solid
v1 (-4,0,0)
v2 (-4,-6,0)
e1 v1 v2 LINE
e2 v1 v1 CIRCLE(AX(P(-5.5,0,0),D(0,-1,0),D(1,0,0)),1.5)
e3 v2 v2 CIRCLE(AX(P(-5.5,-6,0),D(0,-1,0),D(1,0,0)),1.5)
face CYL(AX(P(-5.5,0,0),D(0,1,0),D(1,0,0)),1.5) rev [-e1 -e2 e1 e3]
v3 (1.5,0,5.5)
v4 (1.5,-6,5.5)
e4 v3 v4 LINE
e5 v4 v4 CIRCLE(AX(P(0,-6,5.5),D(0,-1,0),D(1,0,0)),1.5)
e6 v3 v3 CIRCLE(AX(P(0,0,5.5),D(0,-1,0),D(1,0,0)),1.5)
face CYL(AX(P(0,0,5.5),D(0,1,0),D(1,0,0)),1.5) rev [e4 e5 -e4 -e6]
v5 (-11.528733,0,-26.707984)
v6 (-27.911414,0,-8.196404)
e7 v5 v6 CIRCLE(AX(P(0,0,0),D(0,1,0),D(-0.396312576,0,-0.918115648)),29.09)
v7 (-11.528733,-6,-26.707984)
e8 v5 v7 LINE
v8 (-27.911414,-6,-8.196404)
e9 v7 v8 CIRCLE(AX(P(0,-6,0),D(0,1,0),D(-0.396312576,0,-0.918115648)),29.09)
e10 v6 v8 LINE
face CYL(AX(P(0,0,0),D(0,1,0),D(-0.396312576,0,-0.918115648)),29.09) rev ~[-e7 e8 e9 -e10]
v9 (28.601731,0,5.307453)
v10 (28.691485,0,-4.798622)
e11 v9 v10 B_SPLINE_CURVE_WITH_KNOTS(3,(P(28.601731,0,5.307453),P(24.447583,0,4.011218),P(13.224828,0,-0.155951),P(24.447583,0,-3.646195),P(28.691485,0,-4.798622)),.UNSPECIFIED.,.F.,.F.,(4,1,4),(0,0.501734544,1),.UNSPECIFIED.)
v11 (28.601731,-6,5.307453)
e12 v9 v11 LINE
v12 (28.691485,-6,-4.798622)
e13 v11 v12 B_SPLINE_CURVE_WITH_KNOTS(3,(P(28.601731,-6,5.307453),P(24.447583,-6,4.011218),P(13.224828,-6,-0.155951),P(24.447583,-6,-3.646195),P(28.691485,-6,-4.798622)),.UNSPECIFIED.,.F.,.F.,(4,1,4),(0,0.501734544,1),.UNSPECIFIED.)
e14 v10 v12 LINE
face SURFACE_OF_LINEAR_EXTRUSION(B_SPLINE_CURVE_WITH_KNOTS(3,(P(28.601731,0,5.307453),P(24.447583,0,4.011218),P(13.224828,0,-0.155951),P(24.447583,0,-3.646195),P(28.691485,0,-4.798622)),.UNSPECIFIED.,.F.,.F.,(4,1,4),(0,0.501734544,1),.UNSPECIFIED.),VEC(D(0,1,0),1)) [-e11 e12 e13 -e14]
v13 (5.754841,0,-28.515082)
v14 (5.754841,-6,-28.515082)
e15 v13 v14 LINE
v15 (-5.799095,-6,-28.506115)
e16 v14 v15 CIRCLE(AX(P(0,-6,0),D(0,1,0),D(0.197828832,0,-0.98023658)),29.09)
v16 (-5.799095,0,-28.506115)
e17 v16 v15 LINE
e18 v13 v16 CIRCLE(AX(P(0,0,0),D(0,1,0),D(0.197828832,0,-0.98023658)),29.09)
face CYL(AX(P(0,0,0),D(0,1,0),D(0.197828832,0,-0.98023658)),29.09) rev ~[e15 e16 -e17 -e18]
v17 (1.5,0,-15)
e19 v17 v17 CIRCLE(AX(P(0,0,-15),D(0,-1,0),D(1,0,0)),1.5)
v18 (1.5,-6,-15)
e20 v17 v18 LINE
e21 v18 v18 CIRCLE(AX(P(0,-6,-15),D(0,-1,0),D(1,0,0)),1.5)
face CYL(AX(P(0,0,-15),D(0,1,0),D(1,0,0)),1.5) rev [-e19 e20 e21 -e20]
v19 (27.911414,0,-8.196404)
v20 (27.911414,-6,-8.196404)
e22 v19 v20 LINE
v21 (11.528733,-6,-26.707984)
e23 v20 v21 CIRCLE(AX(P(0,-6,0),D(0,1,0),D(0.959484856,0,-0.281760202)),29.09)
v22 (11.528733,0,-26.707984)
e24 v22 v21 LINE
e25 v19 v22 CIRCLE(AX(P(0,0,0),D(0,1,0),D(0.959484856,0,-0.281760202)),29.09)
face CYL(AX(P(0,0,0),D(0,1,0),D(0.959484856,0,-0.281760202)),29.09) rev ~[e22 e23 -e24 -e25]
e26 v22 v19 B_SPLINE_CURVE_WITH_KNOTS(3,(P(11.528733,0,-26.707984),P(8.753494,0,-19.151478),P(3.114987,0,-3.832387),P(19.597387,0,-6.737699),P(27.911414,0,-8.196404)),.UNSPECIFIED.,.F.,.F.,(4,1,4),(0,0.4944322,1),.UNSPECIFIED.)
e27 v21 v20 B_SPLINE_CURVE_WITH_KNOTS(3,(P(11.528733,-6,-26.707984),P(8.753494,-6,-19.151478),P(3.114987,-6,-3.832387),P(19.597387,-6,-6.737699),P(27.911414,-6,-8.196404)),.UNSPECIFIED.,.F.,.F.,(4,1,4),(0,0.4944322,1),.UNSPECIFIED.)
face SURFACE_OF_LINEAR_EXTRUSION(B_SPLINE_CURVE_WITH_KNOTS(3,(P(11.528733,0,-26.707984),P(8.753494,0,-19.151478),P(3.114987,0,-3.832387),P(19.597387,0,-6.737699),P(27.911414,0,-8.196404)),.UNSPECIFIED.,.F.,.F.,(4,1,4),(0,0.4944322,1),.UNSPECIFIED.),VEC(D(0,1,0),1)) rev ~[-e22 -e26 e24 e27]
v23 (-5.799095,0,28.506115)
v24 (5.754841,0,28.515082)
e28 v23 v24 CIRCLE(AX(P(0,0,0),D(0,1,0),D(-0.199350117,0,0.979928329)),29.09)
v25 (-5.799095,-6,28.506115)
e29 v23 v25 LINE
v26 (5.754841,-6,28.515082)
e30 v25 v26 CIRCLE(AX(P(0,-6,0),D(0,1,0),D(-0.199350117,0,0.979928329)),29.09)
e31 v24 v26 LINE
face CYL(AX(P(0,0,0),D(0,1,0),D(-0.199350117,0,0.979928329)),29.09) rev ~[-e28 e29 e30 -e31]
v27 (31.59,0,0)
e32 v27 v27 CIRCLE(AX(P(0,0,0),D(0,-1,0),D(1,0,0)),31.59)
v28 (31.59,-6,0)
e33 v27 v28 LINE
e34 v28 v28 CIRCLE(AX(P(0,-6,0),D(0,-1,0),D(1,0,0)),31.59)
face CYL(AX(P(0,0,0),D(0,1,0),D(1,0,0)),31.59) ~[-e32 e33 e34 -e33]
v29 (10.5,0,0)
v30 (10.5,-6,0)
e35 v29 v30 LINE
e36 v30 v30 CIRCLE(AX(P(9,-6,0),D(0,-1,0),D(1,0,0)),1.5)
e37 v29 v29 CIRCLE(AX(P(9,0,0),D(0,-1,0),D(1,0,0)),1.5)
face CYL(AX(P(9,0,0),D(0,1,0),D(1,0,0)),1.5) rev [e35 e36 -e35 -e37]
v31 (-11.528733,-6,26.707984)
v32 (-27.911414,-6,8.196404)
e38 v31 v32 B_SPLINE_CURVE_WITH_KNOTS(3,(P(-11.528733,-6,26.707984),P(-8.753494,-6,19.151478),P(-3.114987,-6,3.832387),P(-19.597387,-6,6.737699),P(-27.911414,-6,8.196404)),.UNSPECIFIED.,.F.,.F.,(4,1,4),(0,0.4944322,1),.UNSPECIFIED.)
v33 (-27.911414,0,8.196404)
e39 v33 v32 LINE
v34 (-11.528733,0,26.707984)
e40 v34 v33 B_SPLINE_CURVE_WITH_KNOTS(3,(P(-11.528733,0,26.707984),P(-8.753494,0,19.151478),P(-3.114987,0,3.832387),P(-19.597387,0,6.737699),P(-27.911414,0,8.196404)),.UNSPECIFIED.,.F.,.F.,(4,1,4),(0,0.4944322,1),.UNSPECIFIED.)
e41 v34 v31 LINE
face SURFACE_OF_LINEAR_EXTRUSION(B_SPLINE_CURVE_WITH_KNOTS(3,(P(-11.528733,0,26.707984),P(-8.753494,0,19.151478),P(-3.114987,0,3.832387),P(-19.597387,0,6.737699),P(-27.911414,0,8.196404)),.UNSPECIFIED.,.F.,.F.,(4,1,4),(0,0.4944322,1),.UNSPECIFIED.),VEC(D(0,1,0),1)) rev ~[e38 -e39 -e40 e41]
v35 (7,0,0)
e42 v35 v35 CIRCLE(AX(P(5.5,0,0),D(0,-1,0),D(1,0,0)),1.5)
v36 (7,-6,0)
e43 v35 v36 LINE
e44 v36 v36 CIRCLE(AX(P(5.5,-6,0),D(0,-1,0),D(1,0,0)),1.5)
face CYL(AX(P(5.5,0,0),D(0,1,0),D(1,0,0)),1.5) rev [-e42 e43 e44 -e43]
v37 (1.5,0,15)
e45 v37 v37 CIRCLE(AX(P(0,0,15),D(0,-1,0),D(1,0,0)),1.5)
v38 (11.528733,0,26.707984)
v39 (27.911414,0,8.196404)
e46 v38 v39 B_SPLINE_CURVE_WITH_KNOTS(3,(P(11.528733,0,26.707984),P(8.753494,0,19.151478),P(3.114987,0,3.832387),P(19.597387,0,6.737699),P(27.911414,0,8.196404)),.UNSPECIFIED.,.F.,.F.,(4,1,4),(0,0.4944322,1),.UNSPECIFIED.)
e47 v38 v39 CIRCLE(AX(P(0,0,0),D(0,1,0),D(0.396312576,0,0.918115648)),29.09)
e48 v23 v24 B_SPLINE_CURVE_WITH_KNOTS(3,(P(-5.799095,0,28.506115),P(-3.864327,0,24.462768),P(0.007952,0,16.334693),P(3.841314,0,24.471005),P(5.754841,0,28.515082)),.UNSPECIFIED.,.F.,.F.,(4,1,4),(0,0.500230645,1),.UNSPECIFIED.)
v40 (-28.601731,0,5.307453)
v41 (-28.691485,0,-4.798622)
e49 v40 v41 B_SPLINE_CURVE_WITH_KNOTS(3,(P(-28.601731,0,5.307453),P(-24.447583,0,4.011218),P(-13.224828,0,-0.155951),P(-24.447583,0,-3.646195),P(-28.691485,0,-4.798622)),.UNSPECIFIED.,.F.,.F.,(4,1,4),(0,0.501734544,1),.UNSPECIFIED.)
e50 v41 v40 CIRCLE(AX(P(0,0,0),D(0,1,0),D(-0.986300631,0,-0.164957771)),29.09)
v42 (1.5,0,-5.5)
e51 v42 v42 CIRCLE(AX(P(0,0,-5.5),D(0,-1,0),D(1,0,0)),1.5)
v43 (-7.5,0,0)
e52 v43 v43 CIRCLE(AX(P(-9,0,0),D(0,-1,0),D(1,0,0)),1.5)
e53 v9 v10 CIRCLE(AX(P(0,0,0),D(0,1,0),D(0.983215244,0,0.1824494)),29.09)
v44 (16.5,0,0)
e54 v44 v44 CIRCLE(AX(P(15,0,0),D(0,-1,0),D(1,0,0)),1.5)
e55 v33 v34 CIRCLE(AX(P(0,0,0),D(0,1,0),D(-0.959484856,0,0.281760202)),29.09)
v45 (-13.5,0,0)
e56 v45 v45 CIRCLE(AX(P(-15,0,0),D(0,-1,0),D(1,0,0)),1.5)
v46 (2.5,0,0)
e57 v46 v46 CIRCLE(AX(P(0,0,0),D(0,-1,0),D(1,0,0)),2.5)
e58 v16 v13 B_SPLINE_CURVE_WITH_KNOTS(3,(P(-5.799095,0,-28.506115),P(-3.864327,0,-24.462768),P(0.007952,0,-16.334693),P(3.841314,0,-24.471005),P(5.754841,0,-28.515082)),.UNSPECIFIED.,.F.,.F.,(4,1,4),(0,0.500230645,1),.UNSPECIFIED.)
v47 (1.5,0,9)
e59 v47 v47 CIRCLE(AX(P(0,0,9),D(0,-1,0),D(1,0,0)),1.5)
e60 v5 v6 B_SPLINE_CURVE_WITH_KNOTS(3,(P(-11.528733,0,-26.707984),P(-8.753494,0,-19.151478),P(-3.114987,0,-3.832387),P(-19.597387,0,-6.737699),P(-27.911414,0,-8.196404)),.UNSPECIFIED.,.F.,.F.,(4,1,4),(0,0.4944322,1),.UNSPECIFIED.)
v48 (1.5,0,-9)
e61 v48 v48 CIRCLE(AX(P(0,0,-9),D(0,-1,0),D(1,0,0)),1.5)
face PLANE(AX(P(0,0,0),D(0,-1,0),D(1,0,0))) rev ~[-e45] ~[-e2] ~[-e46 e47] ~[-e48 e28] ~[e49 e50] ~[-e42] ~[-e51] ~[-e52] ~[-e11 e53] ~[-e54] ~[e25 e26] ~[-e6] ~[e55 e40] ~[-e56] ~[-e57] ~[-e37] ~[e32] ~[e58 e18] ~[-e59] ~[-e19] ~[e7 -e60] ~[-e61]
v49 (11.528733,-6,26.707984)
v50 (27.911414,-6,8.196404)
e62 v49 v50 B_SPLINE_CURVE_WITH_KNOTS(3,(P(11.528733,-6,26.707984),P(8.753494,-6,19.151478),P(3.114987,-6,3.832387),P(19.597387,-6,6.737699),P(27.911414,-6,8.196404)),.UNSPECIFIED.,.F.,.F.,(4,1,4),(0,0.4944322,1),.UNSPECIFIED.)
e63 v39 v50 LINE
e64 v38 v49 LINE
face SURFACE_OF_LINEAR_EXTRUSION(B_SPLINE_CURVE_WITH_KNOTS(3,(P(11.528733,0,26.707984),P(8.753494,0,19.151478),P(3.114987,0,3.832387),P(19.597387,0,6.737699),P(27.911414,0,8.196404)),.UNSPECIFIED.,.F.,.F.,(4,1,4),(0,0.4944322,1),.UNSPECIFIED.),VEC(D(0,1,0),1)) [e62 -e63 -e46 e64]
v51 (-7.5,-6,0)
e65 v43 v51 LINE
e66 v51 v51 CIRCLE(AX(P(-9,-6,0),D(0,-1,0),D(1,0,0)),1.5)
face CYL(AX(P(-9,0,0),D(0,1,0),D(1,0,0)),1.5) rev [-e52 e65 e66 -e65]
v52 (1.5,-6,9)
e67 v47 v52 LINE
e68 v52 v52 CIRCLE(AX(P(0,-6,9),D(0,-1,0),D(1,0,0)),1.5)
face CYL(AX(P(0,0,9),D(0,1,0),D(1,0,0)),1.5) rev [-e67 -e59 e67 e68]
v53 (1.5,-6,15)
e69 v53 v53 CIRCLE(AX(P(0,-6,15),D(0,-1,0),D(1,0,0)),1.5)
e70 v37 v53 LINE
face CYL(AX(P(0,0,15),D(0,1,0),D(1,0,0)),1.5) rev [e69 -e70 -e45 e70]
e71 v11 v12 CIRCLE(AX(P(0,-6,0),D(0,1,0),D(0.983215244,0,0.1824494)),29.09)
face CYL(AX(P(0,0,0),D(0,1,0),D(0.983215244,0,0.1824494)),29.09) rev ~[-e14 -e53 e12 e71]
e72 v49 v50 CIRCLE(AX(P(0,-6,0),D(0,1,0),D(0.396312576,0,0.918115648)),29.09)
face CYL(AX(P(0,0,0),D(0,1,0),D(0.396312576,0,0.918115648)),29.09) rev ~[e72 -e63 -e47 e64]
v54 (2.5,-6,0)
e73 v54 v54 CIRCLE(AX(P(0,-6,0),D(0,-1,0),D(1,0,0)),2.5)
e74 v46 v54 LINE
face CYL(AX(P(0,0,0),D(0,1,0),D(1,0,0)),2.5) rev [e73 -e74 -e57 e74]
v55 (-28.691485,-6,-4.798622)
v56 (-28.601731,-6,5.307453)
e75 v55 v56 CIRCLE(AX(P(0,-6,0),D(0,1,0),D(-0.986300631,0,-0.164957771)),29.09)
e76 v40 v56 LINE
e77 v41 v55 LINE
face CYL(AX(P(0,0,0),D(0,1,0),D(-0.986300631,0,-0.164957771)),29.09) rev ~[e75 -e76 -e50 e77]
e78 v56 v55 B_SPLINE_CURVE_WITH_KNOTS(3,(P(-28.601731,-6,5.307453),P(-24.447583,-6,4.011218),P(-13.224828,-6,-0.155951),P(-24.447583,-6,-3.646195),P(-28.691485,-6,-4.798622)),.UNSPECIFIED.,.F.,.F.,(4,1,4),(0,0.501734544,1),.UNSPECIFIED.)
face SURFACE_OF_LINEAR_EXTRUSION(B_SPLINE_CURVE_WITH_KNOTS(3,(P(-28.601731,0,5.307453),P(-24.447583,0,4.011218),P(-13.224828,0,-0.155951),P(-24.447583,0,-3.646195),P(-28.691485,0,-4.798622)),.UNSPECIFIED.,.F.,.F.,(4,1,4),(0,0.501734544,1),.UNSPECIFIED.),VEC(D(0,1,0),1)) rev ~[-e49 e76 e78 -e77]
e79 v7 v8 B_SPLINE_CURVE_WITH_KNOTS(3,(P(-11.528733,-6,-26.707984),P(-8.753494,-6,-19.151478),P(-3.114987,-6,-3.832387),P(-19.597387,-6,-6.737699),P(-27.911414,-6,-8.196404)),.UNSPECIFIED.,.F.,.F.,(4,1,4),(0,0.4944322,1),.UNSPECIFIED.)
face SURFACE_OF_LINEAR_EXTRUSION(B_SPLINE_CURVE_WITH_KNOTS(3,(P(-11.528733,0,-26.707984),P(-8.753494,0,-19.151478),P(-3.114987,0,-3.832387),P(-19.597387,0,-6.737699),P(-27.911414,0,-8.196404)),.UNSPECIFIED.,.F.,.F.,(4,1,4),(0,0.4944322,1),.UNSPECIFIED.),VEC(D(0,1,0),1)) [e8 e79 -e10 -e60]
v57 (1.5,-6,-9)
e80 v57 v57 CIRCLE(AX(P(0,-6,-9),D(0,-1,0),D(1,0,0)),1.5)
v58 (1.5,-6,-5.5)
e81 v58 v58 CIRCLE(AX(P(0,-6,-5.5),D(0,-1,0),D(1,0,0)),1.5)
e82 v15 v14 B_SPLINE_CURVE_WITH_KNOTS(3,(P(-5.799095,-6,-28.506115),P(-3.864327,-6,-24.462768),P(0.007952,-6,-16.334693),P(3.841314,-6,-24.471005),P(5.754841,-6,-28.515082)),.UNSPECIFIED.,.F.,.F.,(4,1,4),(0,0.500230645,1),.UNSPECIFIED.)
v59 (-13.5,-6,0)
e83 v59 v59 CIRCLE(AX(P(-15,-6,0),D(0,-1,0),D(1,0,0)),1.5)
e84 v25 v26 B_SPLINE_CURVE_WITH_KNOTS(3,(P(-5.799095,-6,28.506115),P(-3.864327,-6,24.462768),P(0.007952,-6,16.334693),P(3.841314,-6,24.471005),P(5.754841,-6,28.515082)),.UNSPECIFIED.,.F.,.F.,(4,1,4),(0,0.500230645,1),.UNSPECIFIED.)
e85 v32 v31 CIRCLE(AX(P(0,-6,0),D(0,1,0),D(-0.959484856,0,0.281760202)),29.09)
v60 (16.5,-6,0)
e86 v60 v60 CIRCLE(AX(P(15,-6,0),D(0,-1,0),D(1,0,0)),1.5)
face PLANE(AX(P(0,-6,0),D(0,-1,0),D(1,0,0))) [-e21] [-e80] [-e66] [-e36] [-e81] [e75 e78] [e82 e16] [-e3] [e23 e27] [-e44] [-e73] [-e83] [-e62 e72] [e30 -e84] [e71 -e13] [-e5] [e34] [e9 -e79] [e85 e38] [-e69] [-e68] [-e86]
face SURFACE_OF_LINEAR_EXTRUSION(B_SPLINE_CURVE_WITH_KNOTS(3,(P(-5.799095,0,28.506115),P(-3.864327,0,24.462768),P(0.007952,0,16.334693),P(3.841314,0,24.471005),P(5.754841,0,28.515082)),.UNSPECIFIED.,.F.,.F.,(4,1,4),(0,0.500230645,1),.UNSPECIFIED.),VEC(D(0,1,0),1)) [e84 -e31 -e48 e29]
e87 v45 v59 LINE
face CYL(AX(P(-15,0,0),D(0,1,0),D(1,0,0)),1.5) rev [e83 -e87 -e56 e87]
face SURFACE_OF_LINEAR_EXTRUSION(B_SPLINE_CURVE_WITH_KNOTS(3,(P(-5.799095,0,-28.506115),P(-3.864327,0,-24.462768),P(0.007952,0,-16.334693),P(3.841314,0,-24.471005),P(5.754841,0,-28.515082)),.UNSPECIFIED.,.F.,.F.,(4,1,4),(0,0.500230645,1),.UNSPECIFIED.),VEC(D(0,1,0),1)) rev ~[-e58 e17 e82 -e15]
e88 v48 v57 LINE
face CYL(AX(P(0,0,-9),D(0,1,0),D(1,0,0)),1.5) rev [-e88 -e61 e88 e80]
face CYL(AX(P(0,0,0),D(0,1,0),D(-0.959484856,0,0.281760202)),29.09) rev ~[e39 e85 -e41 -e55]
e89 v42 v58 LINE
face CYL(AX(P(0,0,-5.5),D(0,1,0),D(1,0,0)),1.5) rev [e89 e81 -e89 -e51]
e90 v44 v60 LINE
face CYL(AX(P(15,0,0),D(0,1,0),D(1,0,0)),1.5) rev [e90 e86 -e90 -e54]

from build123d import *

# Parameters (mm, degrees)
F0_R     = 31.59
F0_R_2   = 1.5
F0_R_3   = 2.5
F1_DEPTH = 6


with BuildPart() as f1:
    # F0 (on Front) → F1 (new body)
    with BuildSketch(Plane.XZ):
        Circle(F0_R)
        with BuildLine():
            ThreePointArc((5.7548407183, -28.5150821199), (-0.022576758, -29.0899912391), (-5.7990949004, -28.5061151042))
            add(Edge.make_bspline(
                [(-5.7990949004, -28.5061151042), (-3.8643270806, -24.4627677728), (0.007951806, -16.3346928963), (3.8413144045, -24.4710048156), (5.7548407183, -28.5150821199)],
                knots=[0, 0, 0, 0, 0.5002306451, 1, 1, 1, 1], degree=3))
        make_face(mode=Mode.SUBTRACT)
        with BuildLine():
            add(Edge.make_bspline(
                [(-11.5287328291, -26.7079841874), (-8.7534935922, -19.1514781576), (-3.1149871272, -3.8323867545), (-19.597387192, -6.7376991425), (-27.9114144594, -8.1964042651)],
                knots=[0, 0, 0, 0, 0.4944321997, 1, 1, 1, 1], degree=3))
            ThreePointArc((-11.5287328291, -26.7079841874), (-21.7841904219, -19.2789301483), (-27.9114144594, -8.1964042651))
        make_face(mode=Mode.SUBTRACT)
        with Locations((0, -15)):
            Circle(F0_R_2, mode=Mode.SUBTRACT)
        with Locations((0, -9)):
            Circle(F0_R_2, mode=Mode.SUBTRACT)
        with BuildLine():
            ThreePointArc((27.9114144594, -8.1964042651), (21.7841904219, -19.2789301483), (11.5287328291, -26.7079841874))
            add(Edge.make_bspline(
                [(11.5287328291, -26.7079841874), (8.7534935922, -19.1514781576), (3.1149871272, -3.8323867545), (19.597387192, -6.7376991425), (27.9114144594, -8.1964042651)],
                knots=[0, 0, 0, 0, 0.4944321997, 1, 1, 1, 1], degree=3))
        make_face(mode=Mode.SUBTRACT)
        with Locations((0, -5.5)):
            Circle(F0_R_2, mode=Mode.SUBTRACT)
        with BuildLine():
            ThreePointArc((-28.6914853437, -4.7986215489), (-29.0888528252, 0.2583434076), (-28.6017314519, 5.3074530573))
            add(Edge.make_bspline(
                [(-28.6017314519, 5.3074530573), (-24.4475826621, 4.0112175047), (-13.2248280378, -0.1559511272), (-24.4475826621, -3.6461949348), (-28.6914853437, -4.7986215489)],
                knots=[0, 0, 0, 0, 0.5017345436, 1, 1, 1, 1], degree=3))
        make_face(mode=Mode.SUBTRACT)
        with Locations((-15, 0)):
            Circle(F0_R_2, mode=Mode.SUBTRACT)
        with Locations((-9, 0)):
            Circle(F0_R_2, mode=Mode.SUBTRACT)
        with Locations((-5.5, 0)):
            Circle(F0_R_2, mode=Mode.SUBTRACT)
        with BuildLine():
            ThreePointArc((-27.9114144594, 8.1964042651), (-21.7841904219, 19.2789301483), (-11.5287328291, 26.7079841874))
            add(Edge.make_bspline(
                [(-11.5287328291, 26.7079841874), (-8.7534935922, 19.1514781576), (-3.1149871272, 3.8323867545), (-19.597387192, 6.7376991425), (-27.9114144594, 8.1964042651)],
                knots=[0, 0, 0, 0, 0.4944321997, 1, 1, 1, 1], degree=3))
        make_face(mode=Mode.SUBTRACT)
        with BuildLine():
            add(Edge.make_bspline(
                [(-5.7990949004, 28.5061151042), (-3.8643270806, 24.4627677728), (0.007951806, 16.3346928963), (3.8413144045, 24.4710048156), (5.7548407183, 28.5150821199)],
                knots=[0, 0, 0, 0, 0.5002306451, 1, 1, 1, 1], degree=3))
            ThreePointArc((-5.7990949004, 28.5061151042), (-0.022576758, 29.0899912391), (5.7548407183, 28.5150821199))
        make_face(mode=Mode.SUBTRACT)
        Circle(F0_R_3, mode=Mode.SUBTRACT)
        with Locations((5.5, 0)):
            Circle(F0_R_2, mode=Mode.SUBTRACT)
        with Locations((0, 5.5)):
            Circle(F0_R_2, mode=Mode.SUBTRACT)
        with Locations((9, 0)):
            Circle(F0_R_2, mode=Mode.SUBTRACT)
        with Locations((15, 0)):
            Circle(F0_R_2, mode=Mode.SUBTRACT)
        with Locations((0, 9)):
            Circle(F0_R_2, mode=Mode.SUBTRACT)
        with Locations((0, 15)):
            Circle(F0_R_2, mode=Mode.SUBTRACT)
        with BuildLine():
            add(Edge.make_bspline(
                [(11.5287328291, 26.7079841874), (8.7534935922, 19.1514781576), (3.1149871272, 3.8323867545), (19.597387192, 6.7376991425), (27.9114144594, 8.1964042651)],
                knots=[0, 0, 0, 0, 0.4944321997, 1, 1, 1, 1], degree=3))
            ThreePointArc((11.5287328291, 26.7079841874), (21.7841904219, 19.2789301483), (27.9114144594, 8.1964042651))
        make_face(mode=Mode.SUBTRACT)
        with BuildLine():
            add(Edge.make_bspline(
                [(28.6017314519, 5.3074530573), (24.4475826621, 4.0112175047), (13.2248280378, -0.1559511272), (24.4475826621, -3.6461949348), (28.6914853437, -4.7986215489)],
                knots=[0, 0, 0, 0, 0.5017345436, 1, 1, 1, 1], degree=3))
            ThreePointArc((28.6017314519, 5.3074530573), (29.0888528252, 0.2583434076), (28.6914853437, -4.7986215489))
        make_face(mode=Mode.SUBTRACT)
    extrude(amount=F1_DEPTH)


solid = f1.part
